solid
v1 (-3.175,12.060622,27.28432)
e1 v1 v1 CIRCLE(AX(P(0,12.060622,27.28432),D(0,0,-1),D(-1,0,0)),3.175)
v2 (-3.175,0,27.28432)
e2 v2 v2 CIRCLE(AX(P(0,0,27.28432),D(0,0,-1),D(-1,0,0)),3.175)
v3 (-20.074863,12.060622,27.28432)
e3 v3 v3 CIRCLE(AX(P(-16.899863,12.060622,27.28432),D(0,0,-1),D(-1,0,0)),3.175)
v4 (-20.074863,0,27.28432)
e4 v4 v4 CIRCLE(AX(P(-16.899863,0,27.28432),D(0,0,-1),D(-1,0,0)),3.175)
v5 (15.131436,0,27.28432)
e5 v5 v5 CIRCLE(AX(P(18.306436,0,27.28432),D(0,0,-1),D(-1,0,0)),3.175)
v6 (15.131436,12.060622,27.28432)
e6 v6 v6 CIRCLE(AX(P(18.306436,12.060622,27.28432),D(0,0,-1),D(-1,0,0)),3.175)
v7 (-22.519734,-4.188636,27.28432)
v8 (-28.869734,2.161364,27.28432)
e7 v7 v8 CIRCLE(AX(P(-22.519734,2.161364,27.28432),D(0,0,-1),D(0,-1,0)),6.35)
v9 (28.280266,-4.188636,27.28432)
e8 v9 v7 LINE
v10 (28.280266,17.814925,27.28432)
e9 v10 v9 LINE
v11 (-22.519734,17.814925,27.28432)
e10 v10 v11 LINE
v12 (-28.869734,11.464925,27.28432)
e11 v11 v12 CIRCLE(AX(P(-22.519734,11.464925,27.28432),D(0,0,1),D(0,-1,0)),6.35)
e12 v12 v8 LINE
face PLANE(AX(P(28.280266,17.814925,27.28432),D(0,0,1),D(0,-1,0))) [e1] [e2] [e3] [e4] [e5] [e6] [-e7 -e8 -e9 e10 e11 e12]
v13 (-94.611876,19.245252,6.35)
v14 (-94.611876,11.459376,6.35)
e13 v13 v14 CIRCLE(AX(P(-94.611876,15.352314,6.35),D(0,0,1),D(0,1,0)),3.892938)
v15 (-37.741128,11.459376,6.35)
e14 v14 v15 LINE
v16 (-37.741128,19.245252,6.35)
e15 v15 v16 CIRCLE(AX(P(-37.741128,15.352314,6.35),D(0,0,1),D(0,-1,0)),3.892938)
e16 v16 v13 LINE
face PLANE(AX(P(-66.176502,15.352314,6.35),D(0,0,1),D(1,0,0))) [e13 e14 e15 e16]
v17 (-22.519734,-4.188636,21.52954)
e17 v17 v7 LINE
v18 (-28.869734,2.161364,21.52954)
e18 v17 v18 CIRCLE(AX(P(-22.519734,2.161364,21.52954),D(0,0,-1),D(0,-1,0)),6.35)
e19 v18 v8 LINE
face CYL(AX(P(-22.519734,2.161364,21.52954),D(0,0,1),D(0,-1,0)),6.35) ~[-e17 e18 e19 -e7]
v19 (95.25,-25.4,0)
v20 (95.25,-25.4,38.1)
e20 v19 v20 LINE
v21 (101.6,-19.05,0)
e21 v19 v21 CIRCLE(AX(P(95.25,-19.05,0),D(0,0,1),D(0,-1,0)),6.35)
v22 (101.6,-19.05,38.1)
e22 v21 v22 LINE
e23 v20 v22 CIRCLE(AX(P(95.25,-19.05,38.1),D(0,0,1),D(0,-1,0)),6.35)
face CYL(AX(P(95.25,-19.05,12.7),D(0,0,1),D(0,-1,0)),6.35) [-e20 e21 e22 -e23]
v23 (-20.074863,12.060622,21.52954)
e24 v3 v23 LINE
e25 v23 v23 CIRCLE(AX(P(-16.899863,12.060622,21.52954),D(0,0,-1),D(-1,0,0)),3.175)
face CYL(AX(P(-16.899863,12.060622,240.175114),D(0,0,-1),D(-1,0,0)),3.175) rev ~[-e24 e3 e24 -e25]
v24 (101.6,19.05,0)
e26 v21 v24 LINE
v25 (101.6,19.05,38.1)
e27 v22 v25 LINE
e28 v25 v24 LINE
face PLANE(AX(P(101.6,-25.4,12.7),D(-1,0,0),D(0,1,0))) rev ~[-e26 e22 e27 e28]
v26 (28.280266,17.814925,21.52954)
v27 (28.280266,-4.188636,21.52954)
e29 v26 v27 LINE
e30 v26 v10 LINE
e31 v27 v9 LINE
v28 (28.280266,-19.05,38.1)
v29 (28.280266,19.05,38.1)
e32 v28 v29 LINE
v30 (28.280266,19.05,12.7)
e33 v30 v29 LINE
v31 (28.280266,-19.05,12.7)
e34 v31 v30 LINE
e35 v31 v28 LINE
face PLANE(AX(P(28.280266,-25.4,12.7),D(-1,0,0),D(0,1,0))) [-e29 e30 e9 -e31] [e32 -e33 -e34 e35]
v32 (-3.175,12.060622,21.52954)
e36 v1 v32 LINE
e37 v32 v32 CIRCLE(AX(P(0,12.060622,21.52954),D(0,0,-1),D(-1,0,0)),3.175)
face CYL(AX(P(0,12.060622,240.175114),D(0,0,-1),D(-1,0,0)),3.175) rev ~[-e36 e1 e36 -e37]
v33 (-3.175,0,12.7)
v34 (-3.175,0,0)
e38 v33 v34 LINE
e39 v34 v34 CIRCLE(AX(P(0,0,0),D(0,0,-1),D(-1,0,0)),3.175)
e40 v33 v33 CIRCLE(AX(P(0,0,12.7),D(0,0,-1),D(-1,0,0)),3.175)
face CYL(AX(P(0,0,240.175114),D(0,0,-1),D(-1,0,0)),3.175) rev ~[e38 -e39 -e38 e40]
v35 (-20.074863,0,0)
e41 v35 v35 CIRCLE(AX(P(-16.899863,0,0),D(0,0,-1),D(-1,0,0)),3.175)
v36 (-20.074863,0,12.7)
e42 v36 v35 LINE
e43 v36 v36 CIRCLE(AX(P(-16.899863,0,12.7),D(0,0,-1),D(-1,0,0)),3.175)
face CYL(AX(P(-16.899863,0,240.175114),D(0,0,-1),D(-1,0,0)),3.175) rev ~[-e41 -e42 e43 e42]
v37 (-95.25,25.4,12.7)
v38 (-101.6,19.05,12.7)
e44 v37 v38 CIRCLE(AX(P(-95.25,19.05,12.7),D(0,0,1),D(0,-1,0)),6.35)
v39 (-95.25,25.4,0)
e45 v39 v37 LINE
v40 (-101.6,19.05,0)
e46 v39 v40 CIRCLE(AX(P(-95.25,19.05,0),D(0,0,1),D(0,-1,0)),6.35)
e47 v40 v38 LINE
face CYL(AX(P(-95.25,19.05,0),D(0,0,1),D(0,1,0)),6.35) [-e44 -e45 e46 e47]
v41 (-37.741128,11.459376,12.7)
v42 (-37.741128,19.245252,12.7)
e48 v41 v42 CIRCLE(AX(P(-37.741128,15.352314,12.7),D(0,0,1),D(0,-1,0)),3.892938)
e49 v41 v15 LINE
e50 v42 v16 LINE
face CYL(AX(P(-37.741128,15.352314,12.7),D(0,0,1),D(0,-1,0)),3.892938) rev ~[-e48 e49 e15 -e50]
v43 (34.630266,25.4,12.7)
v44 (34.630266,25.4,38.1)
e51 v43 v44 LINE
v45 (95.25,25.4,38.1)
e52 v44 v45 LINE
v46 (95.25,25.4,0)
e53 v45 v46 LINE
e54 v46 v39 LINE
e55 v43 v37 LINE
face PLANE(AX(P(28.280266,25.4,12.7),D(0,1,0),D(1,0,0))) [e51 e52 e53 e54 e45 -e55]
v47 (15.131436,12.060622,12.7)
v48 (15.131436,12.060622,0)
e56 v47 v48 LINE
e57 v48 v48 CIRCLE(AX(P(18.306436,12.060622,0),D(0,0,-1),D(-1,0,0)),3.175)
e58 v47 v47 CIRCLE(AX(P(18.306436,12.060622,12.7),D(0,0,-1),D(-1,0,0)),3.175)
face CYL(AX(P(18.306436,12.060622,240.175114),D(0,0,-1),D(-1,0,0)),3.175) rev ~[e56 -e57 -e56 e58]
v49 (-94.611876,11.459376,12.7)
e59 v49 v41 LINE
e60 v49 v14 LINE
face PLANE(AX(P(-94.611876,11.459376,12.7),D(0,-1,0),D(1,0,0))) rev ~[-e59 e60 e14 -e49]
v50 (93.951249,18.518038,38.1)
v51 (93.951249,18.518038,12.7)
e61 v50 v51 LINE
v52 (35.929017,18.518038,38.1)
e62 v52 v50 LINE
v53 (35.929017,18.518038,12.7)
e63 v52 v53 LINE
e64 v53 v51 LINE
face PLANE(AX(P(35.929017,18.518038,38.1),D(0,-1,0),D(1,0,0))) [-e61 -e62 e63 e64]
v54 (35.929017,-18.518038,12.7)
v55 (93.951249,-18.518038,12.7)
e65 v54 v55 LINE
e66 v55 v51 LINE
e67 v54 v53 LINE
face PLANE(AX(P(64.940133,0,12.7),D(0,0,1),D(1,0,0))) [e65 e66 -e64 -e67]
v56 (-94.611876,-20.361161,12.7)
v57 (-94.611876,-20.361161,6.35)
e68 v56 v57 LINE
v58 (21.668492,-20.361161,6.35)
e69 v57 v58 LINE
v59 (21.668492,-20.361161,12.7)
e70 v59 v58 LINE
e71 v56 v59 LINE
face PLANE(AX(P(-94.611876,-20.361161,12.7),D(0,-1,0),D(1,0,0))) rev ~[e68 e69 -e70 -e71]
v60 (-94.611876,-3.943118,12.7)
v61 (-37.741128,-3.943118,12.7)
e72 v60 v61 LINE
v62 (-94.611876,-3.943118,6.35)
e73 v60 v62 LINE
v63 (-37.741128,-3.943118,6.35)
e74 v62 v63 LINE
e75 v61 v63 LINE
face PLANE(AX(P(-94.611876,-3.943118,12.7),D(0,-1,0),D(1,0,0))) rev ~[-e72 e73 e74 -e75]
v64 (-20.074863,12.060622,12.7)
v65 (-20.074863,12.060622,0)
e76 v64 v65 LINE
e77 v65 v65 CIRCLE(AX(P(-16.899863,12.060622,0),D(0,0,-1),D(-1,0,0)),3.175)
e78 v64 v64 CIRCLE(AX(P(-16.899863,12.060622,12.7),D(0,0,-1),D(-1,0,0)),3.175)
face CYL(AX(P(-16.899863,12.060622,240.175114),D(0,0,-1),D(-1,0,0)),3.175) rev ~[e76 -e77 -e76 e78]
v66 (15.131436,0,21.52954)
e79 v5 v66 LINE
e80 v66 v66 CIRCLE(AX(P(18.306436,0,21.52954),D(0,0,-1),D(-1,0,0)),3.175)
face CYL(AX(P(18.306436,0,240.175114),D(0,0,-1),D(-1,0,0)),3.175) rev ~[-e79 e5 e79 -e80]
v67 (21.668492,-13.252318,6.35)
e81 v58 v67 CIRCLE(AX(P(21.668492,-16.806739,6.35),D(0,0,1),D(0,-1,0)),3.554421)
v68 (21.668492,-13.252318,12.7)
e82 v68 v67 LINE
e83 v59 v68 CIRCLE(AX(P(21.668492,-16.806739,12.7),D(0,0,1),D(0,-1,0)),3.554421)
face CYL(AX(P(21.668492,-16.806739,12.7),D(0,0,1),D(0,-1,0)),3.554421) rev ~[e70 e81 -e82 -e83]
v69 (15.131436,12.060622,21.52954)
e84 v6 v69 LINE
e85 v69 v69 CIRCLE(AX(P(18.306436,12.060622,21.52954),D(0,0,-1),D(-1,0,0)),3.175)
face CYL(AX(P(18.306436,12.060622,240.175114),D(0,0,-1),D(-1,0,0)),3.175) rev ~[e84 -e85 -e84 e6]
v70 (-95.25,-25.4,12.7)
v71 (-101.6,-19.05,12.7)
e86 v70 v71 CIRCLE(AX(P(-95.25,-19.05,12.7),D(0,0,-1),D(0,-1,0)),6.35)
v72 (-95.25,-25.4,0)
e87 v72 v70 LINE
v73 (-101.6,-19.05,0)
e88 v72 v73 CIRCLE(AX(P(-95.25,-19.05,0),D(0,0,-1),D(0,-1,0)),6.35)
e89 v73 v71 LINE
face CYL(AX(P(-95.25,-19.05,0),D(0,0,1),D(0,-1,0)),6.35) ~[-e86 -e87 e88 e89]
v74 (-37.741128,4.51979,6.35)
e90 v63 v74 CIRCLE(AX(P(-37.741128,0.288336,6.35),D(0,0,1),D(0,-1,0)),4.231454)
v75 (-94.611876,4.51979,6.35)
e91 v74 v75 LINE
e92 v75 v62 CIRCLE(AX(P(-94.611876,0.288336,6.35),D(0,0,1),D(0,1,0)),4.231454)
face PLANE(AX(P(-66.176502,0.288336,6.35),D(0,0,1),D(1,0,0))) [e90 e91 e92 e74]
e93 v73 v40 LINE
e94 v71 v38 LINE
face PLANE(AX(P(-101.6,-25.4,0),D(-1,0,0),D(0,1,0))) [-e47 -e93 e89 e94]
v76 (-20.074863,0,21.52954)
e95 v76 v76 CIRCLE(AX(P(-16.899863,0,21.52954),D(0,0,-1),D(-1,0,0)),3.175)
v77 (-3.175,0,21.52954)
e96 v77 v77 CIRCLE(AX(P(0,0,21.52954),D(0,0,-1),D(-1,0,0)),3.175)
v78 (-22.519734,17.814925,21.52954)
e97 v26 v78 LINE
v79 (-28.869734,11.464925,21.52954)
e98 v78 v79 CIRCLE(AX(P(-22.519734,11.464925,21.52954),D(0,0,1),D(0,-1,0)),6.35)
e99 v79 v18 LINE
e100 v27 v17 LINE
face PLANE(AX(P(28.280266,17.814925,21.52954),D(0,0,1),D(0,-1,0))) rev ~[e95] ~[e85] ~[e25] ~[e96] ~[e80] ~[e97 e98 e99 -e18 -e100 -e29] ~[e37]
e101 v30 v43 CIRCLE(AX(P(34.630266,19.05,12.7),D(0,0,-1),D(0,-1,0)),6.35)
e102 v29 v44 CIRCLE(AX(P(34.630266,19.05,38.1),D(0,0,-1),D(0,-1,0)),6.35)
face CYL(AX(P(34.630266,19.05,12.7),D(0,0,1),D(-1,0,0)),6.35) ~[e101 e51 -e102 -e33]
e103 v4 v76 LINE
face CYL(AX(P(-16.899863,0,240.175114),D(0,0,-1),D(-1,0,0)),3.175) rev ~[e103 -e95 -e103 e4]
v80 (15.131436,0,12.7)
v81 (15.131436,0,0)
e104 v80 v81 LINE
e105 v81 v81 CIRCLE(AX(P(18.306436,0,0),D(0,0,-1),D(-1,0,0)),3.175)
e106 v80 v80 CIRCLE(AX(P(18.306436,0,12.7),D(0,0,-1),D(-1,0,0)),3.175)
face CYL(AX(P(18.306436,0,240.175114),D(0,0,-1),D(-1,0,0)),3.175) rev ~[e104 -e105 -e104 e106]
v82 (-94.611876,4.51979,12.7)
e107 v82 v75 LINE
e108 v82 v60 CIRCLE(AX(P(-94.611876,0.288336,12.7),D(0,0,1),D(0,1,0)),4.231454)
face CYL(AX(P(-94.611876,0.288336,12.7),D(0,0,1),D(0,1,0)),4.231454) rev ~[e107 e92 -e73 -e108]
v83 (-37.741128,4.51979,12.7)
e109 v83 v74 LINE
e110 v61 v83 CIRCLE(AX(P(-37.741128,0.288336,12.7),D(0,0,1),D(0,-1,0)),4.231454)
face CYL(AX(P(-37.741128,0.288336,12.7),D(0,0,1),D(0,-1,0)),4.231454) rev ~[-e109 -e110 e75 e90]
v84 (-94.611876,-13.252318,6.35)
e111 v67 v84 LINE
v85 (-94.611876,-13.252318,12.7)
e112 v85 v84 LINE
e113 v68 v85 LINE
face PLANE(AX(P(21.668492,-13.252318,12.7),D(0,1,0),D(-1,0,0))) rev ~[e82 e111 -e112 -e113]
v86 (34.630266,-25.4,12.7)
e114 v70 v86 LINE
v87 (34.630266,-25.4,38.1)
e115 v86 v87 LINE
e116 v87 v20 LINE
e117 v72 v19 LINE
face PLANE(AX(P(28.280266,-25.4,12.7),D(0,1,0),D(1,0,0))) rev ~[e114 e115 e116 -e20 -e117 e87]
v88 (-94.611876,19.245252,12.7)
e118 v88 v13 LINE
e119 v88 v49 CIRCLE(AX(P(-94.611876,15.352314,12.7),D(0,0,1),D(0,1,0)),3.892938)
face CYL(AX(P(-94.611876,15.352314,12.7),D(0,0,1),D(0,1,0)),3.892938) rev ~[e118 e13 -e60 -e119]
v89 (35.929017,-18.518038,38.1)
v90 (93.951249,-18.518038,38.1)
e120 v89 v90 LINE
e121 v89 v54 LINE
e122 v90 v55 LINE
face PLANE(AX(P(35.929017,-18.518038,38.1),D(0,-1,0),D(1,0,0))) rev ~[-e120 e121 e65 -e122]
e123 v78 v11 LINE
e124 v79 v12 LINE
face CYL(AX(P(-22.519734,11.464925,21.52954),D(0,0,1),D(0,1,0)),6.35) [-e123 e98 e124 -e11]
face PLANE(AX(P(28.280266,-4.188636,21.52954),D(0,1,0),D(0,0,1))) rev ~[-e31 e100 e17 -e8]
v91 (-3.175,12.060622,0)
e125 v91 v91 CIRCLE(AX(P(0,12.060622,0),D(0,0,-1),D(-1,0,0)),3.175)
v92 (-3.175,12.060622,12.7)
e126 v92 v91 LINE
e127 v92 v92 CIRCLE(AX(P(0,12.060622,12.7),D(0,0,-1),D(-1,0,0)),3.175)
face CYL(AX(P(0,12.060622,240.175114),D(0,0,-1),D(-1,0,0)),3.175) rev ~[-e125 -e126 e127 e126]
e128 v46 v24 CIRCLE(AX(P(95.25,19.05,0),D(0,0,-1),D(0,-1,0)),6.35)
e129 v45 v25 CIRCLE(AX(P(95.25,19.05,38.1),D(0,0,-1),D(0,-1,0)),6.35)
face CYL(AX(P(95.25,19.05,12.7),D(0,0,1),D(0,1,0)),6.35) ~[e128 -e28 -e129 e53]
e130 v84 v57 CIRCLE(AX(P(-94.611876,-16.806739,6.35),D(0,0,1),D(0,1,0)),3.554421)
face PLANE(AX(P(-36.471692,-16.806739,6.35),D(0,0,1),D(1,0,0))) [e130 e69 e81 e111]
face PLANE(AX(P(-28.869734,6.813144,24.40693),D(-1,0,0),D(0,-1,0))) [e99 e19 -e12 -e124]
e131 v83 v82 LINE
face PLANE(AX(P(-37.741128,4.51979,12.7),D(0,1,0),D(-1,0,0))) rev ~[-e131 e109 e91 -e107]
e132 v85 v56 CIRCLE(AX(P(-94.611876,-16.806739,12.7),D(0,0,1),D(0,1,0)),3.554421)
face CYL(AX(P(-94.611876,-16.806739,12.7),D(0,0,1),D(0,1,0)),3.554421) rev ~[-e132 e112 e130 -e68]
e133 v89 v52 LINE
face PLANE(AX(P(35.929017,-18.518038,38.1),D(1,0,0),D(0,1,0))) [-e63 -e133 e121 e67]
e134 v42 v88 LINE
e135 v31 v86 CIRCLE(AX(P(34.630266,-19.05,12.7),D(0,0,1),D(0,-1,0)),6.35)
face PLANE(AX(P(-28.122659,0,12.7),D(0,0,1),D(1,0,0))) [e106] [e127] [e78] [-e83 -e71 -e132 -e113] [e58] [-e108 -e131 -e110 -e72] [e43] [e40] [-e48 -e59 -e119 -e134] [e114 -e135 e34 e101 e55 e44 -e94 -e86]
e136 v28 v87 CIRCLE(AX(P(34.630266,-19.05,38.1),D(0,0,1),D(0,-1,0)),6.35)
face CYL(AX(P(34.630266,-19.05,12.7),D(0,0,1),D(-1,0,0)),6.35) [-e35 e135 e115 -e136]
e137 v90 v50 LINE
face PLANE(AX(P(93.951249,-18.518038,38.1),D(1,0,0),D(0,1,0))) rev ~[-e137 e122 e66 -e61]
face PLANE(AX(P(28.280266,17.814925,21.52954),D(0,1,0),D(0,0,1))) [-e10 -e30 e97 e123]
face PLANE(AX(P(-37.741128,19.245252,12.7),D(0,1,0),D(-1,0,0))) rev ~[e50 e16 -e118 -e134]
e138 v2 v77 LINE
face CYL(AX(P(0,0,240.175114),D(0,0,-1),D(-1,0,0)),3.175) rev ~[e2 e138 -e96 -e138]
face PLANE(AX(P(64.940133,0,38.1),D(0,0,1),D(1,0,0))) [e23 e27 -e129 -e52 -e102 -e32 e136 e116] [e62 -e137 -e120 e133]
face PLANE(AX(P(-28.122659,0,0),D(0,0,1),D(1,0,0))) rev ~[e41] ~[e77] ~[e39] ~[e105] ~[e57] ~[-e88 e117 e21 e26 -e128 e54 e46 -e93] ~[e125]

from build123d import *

# Parameters (mm, degrees)
F0_W      = 146.954681846
F0_H      = 50.8
F0_W_2    = 56.245318154
F1_DEPTH  = 12.7
F2_W      = 73.3197343707
F2_H      = 50.8
F3_DEPTH  = 25.4
F4_W      = 58.0222320914
F4_H      = 37.0360761881
F5_DEPTH  = 25.4
F7_DEPTH  = 6.35
F8_R      = 6.35
F9_W      = 22.0035612583
F9_H      = 5.7547800243
F10_DEPTH = 57.15
F11_R     = 6.35
F13_D     = 6.35


with BuildPart() as f1:
    # F0 (on Top) → F1 (new body)
    with BuildSketch(Plane.XY):
        with Locations((-28.122659077, 0)):
            Rectangle(F0_W, F0_H)
        with Locations((73.477340923, 0)):
            Rectangle(F0_W_2, F0_H)
    extrude(amount=F1_DEPTH)

    # F2 (on face) → F3 (join)
    with BuildSketch(Plane.XY.offset(12.7)):
        with Locations((64.9401328146, 0)):
            Rectangle(F2_W, F2_H)
    extrude(amount=F3_DEPTH)

    # F4 (on face) → F5 (cut)
    with BuildSketch(Plane.XY.offset(38.1)):
        with Locations((64.9401328146, 0)):
            Rectangle(F4_W, F4_H)
    extrude(amount=-F5_DEPTH, mode=Mode.SUBTRACT)

    # F6 (on face) → F7 (cut)
    with BuildSketch(Plane.XY.offset(12.7)):
        with BuildLine():
            Line((-37.7411283553, 19.2452520132), (-94.6118757129, 19.2452520132))
            ThreePointArc((-94.6118757129, 19.2452520132), (-98.5048138537, 15.3523138724), (-94.6118757129, 11.4593757316))
            Line((-94.6118757129, 11.4593757316), (-37.7411283553, 11.4593757316))
            ThreePointArc((-37.7411283553, 11.4593757316), (-33.8481902145, 15.3523138724), (-37.7411283553, 19.2452520132))
        make_face()
        with BuildLine():
            Line((-37.7411283553, 4.519790411), (-94.6118757129, 4.519790411))
            ThreePointArc((-94.6118757129, 4.519790411), (-98.8433300517, 0.2883360721), (-94.6118757129, -3.9431182668))
            Line((-94.6118757129, -3.9431182668), (-37.7411283553, -3.9431182668))
            ThreePointArc((-37.7411283553, -3.9431182668), (-33.5096740164, 0.2883360721), (-37.7411283553, 4.519790411))
        make_face()
        with BuildLine():
            Line((21.6684918851, -13.2523179054), (-94.6118757129, -13.2523179054))
            ThreePointArc((-94.6118757129, -13.2523179054), (-98.1662971899, -16.8067393824), (-94.6118757129, -20.3611608595))
            Line((-94.6118757129, -20.3611608595), (21.6684918851, -20.3611608595))
            ThreePointArc((21.6684918851, -20.3611608595), (25.2229133621, -16.8067393824), (21.6684918851, -13.2523179054))
        make_face()
    extrude(amount=-F7_DEPTH, mode=Mode.SUBTRACT)

    # F8
    f8_edges = [f1.edges().sort_by_distance(p)[0] for p in [
        (28.280266, -25.4, 25.4),
        (28.280266, 25.4, 25.4),
        (-101.6, -25.4, 6.35),
        (-101.6, 25.4, 6.35),
        (101.6, 25.4, 19.05),
        (101.6, -25.4, 19.05),
    ]]
    fillet(f8_edges, radius=F8_R)

    # F9 (on face) → F10 (join)
    with BuildSketch(Plane(origin=(28.2802656293, 0, 0), x_dir=(0, -1, 0), z_dir=(-1, 0, 0))):
        with Locations((-6.8131443113, 24.4069304317)):
            Rectangle(F9_W, F9_H)
    extrude(amount=F10_DEPTH)

    # F11
    f11_edges = [f1.edges().sort_by_distance(p)[0] for p in [
        (-28.869734, -4.188636, 24.40693),
        (-28.869734, 17.814925, 24.40693),
    ]]
    fillet(f11_edges, radius=F11_R)

    # F13 (through all)
    with Locations(Plane.XY.offset(27.2843204439)):
        with Locations((-16.899863258, 12.0606217533), (0, 12.0606217533), (18.3064360172, 12.0606217533), (18.3064360172, 0), (0, 0), (-16.899863258, 0)):
            Hole(F13_D / 2)


solid = f1.part
